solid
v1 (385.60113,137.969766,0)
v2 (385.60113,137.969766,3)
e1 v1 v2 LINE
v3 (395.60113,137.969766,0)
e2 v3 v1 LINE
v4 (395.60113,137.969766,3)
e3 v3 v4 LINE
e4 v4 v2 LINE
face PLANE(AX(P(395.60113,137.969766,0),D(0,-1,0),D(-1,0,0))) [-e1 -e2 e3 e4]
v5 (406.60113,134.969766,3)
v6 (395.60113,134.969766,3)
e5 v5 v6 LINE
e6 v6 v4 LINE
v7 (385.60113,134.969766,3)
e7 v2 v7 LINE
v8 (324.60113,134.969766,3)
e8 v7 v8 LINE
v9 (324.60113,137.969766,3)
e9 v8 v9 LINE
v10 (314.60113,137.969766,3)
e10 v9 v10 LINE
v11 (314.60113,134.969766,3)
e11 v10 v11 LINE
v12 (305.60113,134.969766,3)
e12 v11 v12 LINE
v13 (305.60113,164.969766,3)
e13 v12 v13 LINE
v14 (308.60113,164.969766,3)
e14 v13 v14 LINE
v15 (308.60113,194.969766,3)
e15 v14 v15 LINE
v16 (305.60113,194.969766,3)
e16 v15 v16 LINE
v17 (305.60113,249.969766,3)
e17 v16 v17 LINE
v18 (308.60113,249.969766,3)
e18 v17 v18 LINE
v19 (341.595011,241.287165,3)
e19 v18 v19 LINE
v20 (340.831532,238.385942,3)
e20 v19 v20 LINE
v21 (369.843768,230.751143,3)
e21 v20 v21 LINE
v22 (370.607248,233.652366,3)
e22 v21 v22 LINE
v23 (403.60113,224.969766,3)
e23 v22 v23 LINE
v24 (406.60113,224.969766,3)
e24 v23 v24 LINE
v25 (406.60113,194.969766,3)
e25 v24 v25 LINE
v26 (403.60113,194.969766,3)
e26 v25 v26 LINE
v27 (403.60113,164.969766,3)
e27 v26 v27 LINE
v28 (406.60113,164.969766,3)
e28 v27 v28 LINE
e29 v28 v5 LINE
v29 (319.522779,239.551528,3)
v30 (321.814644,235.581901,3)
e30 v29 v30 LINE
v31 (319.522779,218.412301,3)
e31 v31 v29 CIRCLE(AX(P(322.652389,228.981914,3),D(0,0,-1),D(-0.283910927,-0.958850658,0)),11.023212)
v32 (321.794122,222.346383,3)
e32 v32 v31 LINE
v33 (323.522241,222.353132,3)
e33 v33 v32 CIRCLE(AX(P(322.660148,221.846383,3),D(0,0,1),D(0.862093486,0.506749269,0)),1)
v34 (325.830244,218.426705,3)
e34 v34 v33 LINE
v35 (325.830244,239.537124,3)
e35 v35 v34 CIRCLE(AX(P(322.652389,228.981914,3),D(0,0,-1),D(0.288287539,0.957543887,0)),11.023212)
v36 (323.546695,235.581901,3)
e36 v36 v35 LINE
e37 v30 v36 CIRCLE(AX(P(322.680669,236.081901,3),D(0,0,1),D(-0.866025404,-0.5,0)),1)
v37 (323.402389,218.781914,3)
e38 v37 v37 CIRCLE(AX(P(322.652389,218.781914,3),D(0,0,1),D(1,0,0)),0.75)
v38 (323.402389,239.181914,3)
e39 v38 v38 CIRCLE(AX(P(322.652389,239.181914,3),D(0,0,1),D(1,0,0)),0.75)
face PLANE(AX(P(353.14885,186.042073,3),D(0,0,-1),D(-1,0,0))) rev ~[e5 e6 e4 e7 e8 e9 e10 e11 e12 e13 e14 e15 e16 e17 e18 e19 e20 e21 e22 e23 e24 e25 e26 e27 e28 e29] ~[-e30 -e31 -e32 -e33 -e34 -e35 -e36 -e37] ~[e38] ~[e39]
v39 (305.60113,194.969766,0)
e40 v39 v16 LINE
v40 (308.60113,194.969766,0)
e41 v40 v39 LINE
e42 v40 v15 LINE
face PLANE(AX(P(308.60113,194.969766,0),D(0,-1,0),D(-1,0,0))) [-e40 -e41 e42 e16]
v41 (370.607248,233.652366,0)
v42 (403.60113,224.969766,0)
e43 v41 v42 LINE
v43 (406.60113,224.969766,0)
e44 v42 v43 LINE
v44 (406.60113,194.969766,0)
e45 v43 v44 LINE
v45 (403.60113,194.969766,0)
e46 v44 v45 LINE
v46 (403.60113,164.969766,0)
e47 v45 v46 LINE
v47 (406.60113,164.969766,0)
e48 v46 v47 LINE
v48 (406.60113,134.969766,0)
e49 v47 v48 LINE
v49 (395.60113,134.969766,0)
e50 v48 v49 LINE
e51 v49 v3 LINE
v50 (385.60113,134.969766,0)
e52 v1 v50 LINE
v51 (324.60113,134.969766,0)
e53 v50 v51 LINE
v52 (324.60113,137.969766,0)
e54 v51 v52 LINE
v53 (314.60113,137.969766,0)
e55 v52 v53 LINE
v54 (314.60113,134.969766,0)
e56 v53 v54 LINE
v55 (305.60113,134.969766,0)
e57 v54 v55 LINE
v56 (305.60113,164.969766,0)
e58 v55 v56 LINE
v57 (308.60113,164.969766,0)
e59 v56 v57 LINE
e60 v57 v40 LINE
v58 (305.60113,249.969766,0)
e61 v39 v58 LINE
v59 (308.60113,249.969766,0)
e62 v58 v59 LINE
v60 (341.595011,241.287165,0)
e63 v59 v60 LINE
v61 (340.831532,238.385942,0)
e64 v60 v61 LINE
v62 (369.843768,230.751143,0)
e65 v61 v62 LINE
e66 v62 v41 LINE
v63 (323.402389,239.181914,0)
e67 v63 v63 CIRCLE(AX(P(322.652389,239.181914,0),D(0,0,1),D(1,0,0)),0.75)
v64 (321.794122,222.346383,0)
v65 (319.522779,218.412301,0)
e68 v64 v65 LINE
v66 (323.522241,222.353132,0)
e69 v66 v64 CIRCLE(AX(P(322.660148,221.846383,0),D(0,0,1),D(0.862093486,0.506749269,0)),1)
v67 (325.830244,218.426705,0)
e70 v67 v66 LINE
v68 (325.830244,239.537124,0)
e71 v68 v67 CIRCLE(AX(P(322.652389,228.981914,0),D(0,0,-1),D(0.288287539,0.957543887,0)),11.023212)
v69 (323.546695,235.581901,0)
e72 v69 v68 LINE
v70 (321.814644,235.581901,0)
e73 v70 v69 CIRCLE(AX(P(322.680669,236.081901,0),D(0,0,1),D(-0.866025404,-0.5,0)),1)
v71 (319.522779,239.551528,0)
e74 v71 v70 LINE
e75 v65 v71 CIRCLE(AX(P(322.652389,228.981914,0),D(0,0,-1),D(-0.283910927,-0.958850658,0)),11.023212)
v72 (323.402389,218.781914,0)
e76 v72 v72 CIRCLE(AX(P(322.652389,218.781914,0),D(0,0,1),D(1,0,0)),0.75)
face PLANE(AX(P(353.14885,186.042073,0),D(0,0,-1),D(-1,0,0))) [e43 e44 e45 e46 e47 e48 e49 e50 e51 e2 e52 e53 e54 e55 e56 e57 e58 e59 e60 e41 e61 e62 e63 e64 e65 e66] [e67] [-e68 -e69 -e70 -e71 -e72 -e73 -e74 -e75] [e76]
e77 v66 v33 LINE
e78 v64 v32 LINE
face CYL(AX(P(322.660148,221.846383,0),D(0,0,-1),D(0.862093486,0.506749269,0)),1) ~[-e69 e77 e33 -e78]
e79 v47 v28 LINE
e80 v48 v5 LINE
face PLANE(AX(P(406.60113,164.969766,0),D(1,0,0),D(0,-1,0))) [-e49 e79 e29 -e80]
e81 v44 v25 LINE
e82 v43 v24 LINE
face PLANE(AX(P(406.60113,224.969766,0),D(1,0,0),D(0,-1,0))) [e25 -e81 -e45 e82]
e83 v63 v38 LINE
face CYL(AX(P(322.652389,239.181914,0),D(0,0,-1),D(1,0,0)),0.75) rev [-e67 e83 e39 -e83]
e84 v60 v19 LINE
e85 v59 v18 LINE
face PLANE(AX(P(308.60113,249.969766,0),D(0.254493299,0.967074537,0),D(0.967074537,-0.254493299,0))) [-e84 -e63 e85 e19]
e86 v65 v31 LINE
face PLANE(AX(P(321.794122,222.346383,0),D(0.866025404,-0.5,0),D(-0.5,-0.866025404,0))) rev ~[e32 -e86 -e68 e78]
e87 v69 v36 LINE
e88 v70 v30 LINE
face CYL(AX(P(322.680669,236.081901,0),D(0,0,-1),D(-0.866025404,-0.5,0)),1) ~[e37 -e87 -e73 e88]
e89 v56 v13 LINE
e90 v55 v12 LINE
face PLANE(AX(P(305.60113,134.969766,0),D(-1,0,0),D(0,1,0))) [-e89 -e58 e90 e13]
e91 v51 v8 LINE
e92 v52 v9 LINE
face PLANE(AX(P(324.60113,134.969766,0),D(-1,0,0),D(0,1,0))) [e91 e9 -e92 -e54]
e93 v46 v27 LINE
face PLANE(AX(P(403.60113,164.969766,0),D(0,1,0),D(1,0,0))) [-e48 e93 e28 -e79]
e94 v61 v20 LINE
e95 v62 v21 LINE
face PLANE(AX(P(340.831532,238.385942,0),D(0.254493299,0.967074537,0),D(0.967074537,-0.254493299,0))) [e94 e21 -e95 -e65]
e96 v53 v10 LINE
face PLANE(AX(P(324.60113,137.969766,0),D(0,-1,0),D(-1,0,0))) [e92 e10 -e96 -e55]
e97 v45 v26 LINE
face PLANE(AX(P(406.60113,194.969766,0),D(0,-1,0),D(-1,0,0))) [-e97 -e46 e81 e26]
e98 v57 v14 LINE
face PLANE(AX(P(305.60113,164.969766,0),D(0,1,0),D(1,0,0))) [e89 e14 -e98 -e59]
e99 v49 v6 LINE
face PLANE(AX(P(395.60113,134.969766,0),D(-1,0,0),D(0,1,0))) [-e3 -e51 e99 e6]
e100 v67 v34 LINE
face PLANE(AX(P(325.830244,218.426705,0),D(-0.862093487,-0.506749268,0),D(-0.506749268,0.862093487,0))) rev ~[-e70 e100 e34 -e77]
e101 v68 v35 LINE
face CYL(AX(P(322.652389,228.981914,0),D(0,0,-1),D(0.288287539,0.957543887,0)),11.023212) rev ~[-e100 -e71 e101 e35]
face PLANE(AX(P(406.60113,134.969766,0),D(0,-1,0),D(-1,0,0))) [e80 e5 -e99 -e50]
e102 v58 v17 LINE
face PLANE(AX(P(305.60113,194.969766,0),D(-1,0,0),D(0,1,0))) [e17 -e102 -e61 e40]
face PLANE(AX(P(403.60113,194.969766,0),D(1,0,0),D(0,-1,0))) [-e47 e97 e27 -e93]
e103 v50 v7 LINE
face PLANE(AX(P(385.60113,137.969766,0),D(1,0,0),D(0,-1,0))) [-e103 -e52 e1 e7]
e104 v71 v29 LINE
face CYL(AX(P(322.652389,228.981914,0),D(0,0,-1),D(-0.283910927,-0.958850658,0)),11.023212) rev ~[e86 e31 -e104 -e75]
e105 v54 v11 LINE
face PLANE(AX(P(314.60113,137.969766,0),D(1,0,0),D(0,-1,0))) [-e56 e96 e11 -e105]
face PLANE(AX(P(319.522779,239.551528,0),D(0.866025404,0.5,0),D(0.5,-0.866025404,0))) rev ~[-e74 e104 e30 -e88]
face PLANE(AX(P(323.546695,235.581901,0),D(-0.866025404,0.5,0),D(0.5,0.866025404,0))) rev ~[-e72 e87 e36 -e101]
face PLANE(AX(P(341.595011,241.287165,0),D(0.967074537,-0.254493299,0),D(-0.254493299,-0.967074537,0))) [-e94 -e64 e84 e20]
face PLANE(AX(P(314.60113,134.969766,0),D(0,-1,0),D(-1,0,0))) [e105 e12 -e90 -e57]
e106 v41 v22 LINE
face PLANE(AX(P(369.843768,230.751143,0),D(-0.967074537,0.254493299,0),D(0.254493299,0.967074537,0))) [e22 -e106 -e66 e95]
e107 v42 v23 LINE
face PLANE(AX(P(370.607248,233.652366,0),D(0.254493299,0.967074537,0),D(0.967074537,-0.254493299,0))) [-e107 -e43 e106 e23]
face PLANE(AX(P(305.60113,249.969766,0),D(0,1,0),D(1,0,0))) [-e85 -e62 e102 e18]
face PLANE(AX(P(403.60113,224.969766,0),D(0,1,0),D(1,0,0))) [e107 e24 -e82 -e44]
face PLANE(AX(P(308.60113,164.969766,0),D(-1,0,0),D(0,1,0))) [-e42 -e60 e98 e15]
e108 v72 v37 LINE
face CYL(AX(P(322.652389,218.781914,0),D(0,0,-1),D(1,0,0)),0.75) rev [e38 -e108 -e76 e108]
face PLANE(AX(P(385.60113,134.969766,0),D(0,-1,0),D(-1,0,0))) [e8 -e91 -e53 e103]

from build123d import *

# Parameters (mm, degrees)
MODEL_R             = 0.75
BOSS_EXTRUDE1_DEPTH = 3


with BuildPart() as part:
    # Model → Boss-Extrude1 (new body)
    with BuildSketch(Plane.XY):
        Polygon((403.601129512, 194.969765788), (403.601129512, 164.969765788), (406.601129512, 164.969765788), (406.601129512, 134.969765788), (395.601129512, 134.969765788), (395.601129512, 137.969765788), (385.601129512, 137.969765788), (385.601129512, 134.969765788), (324.601129512, 134.969765788), (324.601129512, 137.969765788), (314.601129512, 137.969765788), (314.601129512, 134.969765788), (305.601129512, 134.969765788), (305.601129512, 164.969765788), (308.601129512, 164.969765788), (308.601129512, 194.969765788), (305.601129512, 194.969765788), (305.601129512, 249.969765788), (308.601129512, 249.969765788), (341.595011453, 241.287165277), (340.831531555, 238.385941665), (369.843767673, 230.751142687), (370.607247571, 233.652366299), (403.601129512, 224.969765788), (406.601129512, 224.969765788), (406.601129512, 194.969765788), align=None)
        with Locations((322.652388944, 239.181914498)):
            Circle(MODEL_R, mode=Mode.SUBTRACT)
        with Locations((322.652388944, 218.781914498)):
            Circle(MODEL_R, mode=Mode.SUBTRACT)
        with BuildLine():
            Line((319.522778631, 239.551528485), (321.814644014, 235.581901198))
            ThreePointArc((321.814644014, 235.581901198), (322.680669418, 235.081901198), (323.546694821, 235.581901198))
            Line((323.546694821, 235.581901198), (325.830243575, 239.537123662))
            ThreePointArc((325.830243575, 239.537123662), (333.675600842, 228.981914498), (325.830243575, 218.426705335))
            Line((325.830243575, 218.426705335), (323.522241062, 222.353132192))
            ThreePointArc((323.522241062, 222.353132192), (322.656242047, 222.846375297), (321.794122171, 222.346382924))
            Line((321.794122171, 222.346382924), (319.522778631, 218.412300511))
            ThreePointArc((319.522778631, 218.412300511), (311.629177046, 228.981914498), (319.522778631, 239.551528485))
        make_face(mode=Mode.SUBTRACT)
    extrude(amount=BOSS_EXTRUDE1_DEPTH)


solid = part.part
